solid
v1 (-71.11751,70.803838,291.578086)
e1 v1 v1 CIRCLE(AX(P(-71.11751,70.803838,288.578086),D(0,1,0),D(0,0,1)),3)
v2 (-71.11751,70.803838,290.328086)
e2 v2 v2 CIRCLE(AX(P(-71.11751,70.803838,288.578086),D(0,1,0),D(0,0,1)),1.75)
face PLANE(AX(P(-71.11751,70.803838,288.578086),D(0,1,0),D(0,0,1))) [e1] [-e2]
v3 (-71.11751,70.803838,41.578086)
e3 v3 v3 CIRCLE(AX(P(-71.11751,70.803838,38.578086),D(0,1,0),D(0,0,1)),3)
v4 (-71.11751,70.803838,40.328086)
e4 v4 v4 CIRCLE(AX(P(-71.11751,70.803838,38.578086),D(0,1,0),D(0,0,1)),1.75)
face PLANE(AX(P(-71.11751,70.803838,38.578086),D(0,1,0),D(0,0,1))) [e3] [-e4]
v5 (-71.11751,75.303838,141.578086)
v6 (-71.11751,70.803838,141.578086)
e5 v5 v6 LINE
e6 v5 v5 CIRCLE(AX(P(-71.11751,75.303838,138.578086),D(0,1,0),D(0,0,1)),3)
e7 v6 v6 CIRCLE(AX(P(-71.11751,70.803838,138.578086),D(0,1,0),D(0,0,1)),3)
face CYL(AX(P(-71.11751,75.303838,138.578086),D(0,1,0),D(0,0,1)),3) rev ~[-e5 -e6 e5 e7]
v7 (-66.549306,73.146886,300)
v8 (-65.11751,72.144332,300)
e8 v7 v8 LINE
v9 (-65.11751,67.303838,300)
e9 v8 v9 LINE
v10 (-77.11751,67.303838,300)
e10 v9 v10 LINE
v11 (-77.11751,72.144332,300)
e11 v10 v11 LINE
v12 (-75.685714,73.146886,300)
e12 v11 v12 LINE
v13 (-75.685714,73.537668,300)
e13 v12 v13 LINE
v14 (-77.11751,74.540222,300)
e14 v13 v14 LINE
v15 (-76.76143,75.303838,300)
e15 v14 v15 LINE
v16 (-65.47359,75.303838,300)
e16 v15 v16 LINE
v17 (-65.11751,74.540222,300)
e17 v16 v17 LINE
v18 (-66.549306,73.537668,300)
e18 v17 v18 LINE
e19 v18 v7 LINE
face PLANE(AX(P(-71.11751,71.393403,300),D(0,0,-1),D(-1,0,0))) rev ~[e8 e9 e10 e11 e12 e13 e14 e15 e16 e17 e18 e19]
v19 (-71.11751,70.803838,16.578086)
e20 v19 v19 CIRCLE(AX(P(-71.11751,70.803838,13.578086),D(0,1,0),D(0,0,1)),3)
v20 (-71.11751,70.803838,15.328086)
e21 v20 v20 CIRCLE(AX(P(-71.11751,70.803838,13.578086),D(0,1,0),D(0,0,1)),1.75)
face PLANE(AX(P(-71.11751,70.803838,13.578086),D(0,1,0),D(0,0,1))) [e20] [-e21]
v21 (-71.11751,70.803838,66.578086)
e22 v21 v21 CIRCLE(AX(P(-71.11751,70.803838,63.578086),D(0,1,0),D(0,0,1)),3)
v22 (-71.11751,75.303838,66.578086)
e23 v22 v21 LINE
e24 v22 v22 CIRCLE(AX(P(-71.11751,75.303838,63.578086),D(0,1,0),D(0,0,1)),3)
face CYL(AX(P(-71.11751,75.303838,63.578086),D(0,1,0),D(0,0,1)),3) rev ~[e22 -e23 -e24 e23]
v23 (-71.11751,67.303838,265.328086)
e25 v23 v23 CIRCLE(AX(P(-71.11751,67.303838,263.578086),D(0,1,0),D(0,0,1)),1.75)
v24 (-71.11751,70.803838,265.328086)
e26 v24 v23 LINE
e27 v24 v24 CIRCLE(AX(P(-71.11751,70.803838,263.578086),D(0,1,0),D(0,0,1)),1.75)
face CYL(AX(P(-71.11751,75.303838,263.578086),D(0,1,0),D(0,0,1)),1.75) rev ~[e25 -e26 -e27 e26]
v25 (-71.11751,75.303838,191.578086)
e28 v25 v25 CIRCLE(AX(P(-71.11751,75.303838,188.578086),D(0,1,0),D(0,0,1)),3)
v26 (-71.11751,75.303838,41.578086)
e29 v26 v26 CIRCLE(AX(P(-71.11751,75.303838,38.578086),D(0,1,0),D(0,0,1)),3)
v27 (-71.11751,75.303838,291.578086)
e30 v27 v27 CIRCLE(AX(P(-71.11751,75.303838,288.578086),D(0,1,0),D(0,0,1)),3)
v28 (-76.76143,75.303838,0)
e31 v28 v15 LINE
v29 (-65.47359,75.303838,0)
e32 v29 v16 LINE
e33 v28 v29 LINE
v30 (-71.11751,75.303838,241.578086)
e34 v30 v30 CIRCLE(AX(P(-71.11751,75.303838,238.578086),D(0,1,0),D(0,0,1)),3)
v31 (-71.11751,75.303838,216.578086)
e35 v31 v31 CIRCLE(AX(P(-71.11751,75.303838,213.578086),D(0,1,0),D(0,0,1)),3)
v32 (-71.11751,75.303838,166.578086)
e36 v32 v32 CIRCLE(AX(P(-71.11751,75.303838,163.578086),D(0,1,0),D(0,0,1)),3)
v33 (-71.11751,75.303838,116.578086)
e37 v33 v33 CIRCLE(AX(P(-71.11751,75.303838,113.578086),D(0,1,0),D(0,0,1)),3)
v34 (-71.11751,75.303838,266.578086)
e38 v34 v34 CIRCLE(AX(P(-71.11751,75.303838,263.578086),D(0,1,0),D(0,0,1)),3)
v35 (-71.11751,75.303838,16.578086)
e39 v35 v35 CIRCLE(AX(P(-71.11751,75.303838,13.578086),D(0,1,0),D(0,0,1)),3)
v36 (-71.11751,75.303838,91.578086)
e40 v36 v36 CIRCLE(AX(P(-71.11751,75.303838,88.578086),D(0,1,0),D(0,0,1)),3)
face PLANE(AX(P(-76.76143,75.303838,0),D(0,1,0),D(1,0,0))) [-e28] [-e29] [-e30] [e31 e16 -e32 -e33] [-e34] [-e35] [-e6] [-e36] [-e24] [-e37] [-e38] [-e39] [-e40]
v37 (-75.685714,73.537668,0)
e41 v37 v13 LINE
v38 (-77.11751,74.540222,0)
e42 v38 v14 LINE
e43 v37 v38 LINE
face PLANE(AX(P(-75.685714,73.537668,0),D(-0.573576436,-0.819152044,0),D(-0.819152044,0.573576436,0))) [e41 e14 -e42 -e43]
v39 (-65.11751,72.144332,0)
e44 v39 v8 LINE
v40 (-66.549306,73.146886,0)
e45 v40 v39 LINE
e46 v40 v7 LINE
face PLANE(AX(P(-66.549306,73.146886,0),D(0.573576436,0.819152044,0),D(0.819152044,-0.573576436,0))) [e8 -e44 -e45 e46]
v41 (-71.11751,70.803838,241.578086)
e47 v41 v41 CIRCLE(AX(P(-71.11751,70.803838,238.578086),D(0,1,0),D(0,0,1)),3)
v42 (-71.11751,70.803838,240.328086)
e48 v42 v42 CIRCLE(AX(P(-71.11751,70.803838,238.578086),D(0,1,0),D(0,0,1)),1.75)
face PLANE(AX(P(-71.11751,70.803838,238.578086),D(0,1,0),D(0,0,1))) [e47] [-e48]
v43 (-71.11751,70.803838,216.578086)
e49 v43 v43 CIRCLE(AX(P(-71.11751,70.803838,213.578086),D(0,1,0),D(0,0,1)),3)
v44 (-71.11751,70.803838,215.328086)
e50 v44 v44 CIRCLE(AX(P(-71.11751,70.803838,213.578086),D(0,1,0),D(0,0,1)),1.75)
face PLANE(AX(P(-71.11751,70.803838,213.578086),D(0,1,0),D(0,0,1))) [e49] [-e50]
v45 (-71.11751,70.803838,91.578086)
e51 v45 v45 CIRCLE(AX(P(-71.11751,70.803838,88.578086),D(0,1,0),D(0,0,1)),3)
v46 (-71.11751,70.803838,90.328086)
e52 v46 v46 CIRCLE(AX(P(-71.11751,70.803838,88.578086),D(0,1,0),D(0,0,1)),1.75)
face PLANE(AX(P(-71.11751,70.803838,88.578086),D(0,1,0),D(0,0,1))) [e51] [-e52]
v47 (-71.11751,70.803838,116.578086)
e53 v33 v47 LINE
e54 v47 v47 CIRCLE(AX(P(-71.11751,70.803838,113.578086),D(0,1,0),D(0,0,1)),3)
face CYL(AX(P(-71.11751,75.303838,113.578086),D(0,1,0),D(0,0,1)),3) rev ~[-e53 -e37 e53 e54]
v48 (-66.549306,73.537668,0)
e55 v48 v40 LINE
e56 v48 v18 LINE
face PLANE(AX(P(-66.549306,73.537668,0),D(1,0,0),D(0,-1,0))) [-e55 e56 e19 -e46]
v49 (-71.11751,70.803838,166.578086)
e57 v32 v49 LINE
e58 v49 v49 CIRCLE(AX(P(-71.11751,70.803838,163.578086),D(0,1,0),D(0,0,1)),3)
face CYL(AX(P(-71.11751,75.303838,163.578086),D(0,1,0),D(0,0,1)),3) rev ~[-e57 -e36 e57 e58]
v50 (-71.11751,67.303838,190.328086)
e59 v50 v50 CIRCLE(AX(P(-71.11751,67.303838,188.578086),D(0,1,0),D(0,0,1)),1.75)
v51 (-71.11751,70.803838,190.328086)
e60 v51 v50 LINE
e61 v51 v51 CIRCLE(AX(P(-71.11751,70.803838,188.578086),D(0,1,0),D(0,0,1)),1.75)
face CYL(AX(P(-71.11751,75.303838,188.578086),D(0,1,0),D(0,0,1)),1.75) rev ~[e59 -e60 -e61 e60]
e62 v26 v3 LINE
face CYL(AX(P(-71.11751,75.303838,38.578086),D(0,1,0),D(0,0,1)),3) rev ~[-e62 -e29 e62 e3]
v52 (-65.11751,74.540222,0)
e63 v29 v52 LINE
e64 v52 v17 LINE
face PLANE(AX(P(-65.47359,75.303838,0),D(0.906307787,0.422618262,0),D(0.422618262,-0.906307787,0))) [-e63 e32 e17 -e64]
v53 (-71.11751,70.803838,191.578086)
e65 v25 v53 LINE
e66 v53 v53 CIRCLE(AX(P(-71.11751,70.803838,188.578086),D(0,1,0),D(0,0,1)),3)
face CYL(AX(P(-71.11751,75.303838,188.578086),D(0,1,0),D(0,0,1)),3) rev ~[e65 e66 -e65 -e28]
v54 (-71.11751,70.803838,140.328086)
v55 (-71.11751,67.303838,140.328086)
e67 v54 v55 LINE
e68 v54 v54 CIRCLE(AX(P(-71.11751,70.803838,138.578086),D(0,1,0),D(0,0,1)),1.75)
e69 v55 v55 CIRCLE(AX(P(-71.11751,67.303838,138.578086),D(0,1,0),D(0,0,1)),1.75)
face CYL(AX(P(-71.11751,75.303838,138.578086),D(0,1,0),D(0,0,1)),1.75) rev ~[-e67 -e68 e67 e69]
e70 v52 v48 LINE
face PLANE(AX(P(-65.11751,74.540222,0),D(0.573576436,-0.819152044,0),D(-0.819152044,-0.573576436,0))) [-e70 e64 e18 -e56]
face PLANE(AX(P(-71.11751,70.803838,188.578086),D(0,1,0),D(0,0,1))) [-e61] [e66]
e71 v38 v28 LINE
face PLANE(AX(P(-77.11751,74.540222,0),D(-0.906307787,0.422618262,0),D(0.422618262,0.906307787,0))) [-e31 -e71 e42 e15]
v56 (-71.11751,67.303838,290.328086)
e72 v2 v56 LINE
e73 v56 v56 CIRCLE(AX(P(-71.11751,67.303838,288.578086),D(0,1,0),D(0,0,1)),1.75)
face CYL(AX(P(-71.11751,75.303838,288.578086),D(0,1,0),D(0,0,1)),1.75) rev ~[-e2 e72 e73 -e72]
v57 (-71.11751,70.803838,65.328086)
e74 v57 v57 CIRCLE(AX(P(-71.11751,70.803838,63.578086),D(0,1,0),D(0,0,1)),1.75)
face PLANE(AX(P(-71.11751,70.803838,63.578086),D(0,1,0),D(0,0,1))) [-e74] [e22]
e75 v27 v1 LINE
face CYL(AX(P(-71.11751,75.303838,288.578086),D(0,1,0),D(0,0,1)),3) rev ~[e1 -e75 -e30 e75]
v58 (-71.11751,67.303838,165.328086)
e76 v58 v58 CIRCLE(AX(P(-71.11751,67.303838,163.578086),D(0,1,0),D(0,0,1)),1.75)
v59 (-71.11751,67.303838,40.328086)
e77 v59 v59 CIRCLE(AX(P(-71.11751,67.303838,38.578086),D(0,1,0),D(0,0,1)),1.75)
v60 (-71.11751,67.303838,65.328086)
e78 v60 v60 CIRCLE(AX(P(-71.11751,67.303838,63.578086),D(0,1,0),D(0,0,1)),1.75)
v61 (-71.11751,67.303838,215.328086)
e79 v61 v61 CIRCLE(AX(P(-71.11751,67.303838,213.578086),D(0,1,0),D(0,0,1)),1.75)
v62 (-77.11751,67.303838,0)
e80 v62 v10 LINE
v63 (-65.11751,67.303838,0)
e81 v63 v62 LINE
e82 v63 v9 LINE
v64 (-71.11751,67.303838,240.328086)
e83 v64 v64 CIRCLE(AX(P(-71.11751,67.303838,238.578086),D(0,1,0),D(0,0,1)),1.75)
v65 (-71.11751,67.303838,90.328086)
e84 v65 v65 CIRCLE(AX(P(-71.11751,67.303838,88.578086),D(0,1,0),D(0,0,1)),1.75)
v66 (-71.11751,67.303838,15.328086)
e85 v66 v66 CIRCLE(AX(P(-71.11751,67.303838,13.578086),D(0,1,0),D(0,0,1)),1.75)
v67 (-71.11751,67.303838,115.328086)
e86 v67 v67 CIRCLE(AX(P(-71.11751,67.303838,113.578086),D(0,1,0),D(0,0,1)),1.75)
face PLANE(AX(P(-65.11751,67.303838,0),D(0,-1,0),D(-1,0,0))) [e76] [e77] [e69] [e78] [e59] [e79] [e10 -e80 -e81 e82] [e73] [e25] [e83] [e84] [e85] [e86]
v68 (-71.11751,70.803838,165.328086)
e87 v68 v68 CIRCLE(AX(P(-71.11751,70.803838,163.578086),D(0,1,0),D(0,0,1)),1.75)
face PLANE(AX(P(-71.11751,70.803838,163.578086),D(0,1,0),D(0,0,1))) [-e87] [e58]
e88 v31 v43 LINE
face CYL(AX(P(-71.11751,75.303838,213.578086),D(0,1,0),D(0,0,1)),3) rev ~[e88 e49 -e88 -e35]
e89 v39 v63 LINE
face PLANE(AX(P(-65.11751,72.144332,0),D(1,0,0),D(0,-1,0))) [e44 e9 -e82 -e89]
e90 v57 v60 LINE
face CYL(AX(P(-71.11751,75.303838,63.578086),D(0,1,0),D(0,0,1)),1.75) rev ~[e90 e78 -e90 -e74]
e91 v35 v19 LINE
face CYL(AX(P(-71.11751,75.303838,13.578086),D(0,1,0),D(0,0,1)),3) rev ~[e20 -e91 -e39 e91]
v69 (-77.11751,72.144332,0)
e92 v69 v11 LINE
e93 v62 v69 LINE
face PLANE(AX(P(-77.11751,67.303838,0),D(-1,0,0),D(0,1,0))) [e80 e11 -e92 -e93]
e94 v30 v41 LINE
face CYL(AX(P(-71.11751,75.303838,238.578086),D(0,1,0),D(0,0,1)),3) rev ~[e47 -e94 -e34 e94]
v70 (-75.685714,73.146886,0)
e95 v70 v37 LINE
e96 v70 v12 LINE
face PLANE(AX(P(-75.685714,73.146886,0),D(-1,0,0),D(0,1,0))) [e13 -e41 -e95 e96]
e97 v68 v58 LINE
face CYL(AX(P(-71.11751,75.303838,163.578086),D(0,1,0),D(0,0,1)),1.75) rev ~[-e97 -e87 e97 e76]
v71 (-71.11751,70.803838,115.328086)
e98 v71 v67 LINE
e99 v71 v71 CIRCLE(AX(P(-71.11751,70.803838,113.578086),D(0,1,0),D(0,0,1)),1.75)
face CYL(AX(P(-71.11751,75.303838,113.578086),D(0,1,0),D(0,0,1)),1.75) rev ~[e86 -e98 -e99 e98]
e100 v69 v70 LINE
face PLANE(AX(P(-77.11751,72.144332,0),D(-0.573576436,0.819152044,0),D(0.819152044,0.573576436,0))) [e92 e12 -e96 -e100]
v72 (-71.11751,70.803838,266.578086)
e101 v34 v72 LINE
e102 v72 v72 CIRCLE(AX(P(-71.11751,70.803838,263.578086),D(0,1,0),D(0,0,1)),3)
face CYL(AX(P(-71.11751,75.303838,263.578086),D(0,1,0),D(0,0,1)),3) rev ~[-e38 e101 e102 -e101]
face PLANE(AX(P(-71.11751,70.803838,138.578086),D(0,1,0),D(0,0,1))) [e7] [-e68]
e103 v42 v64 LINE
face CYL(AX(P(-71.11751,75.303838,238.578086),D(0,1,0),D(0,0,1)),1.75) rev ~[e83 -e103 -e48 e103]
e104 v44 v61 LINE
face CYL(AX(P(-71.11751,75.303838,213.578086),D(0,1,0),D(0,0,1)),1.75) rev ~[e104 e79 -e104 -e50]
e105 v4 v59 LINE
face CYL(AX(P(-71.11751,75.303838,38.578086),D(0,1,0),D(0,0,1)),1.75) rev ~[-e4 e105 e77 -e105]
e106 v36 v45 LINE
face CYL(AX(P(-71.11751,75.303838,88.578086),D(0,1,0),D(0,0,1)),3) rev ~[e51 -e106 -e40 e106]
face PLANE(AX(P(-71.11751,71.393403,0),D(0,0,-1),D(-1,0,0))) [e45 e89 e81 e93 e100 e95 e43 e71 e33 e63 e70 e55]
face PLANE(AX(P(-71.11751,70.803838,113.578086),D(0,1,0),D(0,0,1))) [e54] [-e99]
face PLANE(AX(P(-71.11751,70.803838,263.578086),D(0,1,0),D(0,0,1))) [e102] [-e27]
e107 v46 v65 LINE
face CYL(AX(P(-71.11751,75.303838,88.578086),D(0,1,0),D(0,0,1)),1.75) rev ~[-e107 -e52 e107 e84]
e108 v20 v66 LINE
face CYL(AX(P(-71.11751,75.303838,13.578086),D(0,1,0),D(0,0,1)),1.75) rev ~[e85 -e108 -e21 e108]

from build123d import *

# Parameters (mm, degrees)
EXTRUDE_1_DEPTH     = 300
SKETCH_2_R          = 3
CUT_EXTRUDE_1_DEPTH = 4.5
SKETCH_5_R          = 1.75
CUT_EXTRUDE_2_DEPTH = 8


with BuildPart() as part:
    # 草图1 → 凸台-拉伸1 (new body)
    with BuildSketch(Plane.XY):
        Polygon((-76.761429644, 75.303838363), (-65.473589828, 75.303838363), (-65.117509736, 74.540222142), (-66.549305548, 73.537667921), (-66.549305548, 73.146885775), (-65.117509736, 72.144331554), (-65.117509736, 67.303838363), (-77.117509736, 67.303838363), (-77.117509736, 72.144331554), (-75.685713923, 73.146885775), (-75.685713923, 73.537667921), (-77.117509736, 74.540222142), align=None)
    extrude(amount=EXTRUDE_1_DEPTH)

    # 草图2 → 切除-拉伸1 (cut)
    with BuildSketch(Plane(origin=(0, 75.303838363, 0), x_dir=(1, 0, 0), z_dir=(0, 1, 0))):
        with Locations(Location((-71.117509736, -13.578086328, 0), (0, 0, 270))):
            Circle(SKETCH_2_R)
        with Locations(Location((-71.117509736, -38.578086328, 0), (0, 0, 270))):
            Circle(SKETCH_2_R)
        with Locations(Location((-71.117509736, -63.578086328, 0), (0, 0, 270))):
            Circle(SKETCH_2_R)
        with Locations(Location((-71.117509736, -88.578086328, 0), (0, 0, 270))):
            Circle(SKETCH_2_R)
        with Locations(Location((-71.117509736, -113.578086328, 0), (0, 0, 270))):
            Circle(SKETCH_2_R)
        with Locations(Location((-71.117509736, -138.578086328, 0), (0, 0, 270))):
            Circle(SKETCH_2_R)
        with Locations(Location((-71.117509736, -163.578086328, 0), (0, 0, 270))):
            Circle(SKETCH_2_R)
        with Locations(Location((-71.117509736, -188.578086328, 0), (0, 0, 270))):
            Circle(SKETCH_2_R)
        with Locations(Location((-71.117509736, -213.578086328, 0), (0, 0, 270))):
            Circle(SKETCH_2_R)
        with Locations(Location((-71.117509736, -238.578086328, 0), (0, 0, 270))):
            Circle(SKETCH_2_R)
        with Locations(Location((-71.117509736, -263.578086328, 0), (0, 0, 270))):
            Circle(SKETCH_2_R)
        with Locations(Location((-71.117509736, -288.578086328, 0), (0, 0, 270))):
            Circle(SKETCH_2_R)
    extrude(amount=-CUT_EXTRUDE_1_DEPTH, mode=Mode.SUBTRACT)

    # 草图5 → 切除-拉伸2 (cut)
    with BuildSketch(Plane(origin=(0, 75.303838363, 0), x_dir=(1, 0, 0), z_dir=(0, 1, 0))):
        with Locations(Location((-71.117509736, -13.578086328, 0), (0, 0, 270))):
            Circle(SKETCH_5_R)
        with Locations(Location((-71.117509736, -38.578086328, 0), (0, 0, 270))):
            Circle(SKETCH_5_R)
        with Locations(Location((-71.117509736, -63.578086328, 0), (0, 0, 270))):
            Circle(SKETCH_5_R)
        with Locations(Location((-71.117509736, -88.578086328, 0), (0, 0, 270))):
            Circle(SKETCH_5_R)
        with Locations(Location((-71.117509736, -113.578086328, 0), (0, 0, 270))):
            Circle(SKETCH_5_R)
        with Locations(Location((-71.117509736, -138.578086328, 0), (0, 0, 270))):
            Circle(SKETCH_5_R)
        with Locations(Location((-71.117509736, -163.578086328, 0), (0, 0, 270))):
            Circle(SKETCH_5_R)
        with Locations(Location((-71.117509736, -188.578086328, 0), (0, 0, 270))):
            Circle(SKETCH_5_R)
        with Locations(Location((-71.117509736, -213.578086328, 0), (0, 0, 270))):
            Circle(SKETCH_5_R)
        with Locations(Location((-71.117509736, -238.578086328, 0), (0, 0, 270))):
            Circle(SKETCH_5_R)
        with Locations(Location((-71.117509736, -263.578086328, 0), (0, 0, 270))):
            Circle(SKETCH_5_R)
        with Locations(Location((-71.117509736, -288.578086328, 0), (0, 0, 270))):
            Circle(SKETCH_5_R)
    extrude(amount=-CUT_EXTRUDE_2_DEPTH, mode=Mode.SUBTRACT)


solid = part.part
